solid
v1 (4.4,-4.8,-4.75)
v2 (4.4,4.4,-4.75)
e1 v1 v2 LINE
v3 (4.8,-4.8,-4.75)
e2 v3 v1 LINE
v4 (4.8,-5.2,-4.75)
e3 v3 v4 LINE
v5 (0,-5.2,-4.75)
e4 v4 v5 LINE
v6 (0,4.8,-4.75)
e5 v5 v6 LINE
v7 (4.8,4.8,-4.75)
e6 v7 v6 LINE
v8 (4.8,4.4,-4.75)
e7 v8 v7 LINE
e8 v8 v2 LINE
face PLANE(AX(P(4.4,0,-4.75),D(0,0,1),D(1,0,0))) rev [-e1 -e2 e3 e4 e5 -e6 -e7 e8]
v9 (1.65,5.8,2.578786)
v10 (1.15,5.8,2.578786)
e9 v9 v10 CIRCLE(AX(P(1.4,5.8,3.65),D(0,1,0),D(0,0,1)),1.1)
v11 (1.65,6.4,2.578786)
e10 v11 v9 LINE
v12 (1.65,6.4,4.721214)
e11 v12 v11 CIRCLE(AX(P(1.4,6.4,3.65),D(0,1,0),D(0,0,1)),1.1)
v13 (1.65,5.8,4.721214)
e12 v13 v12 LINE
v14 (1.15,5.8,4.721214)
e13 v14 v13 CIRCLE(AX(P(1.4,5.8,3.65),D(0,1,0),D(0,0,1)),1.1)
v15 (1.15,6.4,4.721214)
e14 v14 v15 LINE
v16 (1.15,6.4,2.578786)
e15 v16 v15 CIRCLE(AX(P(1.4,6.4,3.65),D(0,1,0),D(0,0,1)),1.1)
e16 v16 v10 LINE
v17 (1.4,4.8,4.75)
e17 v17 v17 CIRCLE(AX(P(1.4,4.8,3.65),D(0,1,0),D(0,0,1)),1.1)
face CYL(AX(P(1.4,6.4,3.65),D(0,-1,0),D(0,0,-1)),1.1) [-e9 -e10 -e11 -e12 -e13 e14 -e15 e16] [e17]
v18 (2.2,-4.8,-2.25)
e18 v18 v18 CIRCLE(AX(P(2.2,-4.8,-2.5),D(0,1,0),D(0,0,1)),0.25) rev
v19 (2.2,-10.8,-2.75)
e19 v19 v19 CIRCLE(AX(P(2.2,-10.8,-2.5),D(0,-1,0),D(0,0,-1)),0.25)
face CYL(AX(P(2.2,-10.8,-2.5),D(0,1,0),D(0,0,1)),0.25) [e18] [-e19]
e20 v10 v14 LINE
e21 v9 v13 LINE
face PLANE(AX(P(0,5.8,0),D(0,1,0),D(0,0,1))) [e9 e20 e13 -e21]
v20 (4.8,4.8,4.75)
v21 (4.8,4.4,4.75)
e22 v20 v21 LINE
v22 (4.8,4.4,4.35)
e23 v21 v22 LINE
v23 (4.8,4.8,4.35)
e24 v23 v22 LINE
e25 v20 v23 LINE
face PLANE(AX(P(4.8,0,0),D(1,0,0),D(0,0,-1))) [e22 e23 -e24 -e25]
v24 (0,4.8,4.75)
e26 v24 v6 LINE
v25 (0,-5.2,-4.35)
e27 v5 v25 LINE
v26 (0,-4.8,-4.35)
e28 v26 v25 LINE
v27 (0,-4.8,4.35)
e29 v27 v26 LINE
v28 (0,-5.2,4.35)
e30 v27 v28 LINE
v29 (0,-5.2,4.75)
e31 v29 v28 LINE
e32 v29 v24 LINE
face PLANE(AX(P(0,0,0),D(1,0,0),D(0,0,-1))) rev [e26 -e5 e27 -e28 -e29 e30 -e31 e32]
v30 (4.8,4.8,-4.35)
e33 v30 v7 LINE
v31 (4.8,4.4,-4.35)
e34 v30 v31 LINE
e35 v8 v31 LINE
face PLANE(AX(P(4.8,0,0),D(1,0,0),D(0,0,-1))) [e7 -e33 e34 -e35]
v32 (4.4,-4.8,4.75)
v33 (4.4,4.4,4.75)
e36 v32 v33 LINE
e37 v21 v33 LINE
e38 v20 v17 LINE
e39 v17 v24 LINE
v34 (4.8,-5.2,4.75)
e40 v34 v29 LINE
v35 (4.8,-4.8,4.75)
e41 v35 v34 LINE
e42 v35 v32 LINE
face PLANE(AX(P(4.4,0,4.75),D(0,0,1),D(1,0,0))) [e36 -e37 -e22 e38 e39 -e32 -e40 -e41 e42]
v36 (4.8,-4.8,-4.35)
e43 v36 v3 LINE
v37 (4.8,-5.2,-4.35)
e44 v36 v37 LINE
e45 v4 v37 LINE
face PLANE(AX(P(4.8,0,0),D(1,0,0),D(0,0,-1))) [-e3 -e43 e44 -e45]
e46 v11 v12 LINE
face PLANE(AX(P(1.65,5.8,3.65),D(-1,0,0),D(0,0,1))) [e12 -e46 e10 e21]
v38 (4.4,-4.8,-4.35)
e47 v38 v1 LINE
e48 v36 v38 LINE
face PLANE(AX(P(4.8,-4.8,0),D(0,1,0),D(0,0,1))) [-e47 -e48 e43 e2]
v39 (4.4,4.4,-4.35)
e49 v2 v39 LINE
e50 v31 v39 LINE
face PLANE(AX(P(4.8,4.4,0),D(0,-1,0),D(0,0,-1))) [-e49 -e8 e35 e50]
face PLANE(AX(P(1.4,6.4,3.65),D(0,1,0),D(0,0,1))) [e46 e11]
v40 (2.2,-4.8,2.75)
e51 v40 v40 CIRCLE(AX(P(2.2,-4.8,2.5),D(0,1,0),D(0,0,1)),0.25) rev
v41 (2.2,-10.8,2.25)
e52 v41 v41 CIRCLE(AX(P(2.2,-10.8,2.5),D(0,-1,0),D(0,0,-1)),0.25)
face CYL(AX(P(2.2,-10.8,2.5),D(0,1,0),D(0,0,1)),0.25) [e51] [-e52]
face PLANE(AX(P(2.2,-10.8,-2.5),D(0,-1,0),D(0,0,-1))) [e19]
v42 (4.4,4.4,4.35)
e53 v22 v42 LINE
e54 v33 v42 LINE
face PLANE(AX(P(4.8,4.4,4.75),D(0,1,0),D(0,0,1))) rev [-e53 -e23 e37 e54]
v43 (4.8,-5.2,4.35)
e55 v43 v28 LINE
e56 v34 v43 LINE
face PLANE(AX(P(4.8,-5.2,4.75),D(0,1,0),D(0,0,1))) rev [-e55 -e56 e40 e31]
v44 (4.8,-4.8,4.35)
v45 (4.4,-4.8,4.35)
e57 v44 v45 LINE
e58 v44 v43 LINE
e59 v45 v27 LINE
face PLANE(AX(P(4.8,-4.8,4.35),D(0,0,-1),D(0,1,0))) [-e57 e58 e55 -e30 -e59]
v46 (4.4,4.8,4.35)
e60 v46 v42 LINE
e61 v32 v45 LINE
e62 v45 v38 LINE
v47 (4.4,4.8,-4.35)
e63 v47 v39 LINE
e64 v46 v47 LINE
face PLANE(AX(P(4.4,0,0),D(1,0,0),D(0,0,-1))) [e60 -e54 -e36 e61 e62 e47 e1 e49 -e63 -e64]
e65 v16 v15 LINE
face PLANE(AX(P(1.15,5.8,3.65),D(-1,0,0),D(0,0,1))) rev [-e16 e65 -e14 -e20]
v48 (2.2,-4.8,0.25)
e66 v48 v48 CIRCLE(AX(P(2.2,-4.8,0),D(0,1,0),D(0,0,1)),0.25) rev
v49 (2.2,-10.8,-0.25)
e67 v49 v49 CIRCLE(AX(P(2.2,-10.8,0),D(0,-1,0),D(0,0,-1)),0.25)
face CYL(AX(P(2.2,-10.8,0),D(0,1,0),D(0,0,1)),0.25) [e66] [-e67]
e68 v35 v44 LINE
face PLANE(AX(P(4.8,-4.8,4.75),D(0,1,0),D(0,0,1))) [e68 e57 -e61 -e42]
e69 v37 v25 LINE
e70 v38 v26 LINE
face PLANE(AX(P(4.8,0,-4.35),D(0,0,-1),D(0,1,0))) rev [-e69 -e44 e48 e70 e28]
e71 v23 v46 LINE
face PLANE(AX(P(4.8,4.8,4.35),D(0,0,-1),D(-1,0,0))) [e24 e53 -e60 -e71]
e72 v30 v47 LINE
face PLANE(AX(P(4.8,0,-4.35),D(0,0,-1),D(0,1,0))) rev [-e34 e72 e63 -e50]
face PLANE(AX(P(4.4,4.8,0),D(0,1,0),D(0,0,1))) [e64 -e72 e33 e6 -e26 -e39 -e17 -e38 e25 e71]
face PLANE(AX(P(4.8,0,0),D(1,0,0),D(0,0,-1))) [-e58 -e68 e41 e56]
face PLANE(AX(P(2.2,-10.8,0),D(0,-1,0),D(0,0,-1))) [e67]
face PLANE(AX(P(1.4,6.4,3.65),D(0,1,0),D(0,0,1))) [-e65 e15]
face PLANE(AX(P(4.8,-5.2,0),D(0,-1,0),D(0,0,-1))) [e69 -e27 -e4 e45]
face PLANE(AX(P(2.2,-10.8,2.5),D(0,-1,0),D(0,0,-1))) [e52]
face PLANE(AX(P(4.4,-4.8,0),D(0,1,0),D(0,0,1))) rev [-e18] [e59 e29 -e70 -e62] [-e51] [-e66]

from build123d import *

# Parameters (mm, degrees)
EXTRUDE_1_DEPTH     = 4.4
SKETCH_1_4_W        = 0.4
SKETCH_1_4_H        = 0.4
EXTRUDE_2_DEPTH     = 4.8
SKETCH_2_R          = 1.1
EXTRUDE_3_DEPTH     = 1.6
CUT_EXTRUDE_START   = 1.6
SKETCH_2_5_W        = 0.5
SKETCH_2_5_H        = 2.2
CUT_EXTRUDE_2_DEPTH = 0.6
SKETCH_3_R          = 0.25
EXTRUDE_4_DEPTH     = 6


with BuildPart() as part:
    # 草图1 → 凸台-拉伸1 (new body)
    with BuildSketch(Plane(origin=(0, 0, 0), x_dir=(0, 0, -1), z_dir=(1, 0, 0))):
        Polygon((-4.75, 4.4), (-4.75, -4.8), (-4.35, -4.8), (4.35, -4.8), (4.75, -4.8), (4.75, 4.4), (4.35, 4.4), (4.35, 4.8), (-4.35, 4.8), (-4.35, 4.4), align=None)
    extrude(amount=EXTRUDE_1_DEPTH)

    # 草图1<4> → 凸台-拉伸2 (add)
    with BuildSketch(Plane(origin=(0, 0, 0), x_dir=(0, 0, -1), z_dir=(1, 0, 0))):
        with Locations((4.55, 4.6)):
            Rectangle(SKETCH_1_4_W, SKETCH_1_4_H)
        with Locations((4.55, -5)):
            Rectangle(SKETCH_1_4_W, SKETCH_1_4_H)
        with Locations((-4.55, 4.6)):
            Rectangle(SKETCH_1_4_W, SKETCH_1_4_H)
        with Locations((-4.55, -5)):
            Rectangle(SKETCH_1_4_W, SKETCH_1_4_H)
    extrude(amount=EXTRUDE_2_DEPTH)

    # 草图2 → 凸台-拉伸3 (add)
    with BuildSketch(Plane(origin=(0, 4.8, 0), x_dir=(1, 0, 0), z_dir=(0, 1, 0))):
        with Locations(Location((1.4, -3.65, 0), (0, 0, 270))):
            Circle(SKETCH_2_R)
    extrude(amount=EXTRUDE_3_DEPTH)

    # 草图2<5> → 切除-拉伸2 (cut)
    with BuildSketch(Plane(origin=(0, 4.8, 0), x_dir=(1, 0, 0), z_dir=(0, 1, 0)).offset(CUT_EXTRUDE_START)):
        with Locations((1.4, -3.65)):
            Rectangle(SKETCH_2_5_W, SKETCH_2_5_H)
    extrude(amount=-CUT_EXTRUDE_2_DEPTH, mode=Mode.SUBTRACT)

    # 草图3 → 凸台-拉伸4 (add)
    with BuildSketch(Plane.XZ.offset(4.8)):
        with Locations(Location((2.2, 0, 0), (0, 0, 90))):
            Circle(SKETCH_3_R)
        with Locations(Location((2.2, 2.5, 0), (0, 0, 90))):
            Circle(SKETCH_3_R)
        with Locations(Location((2.2, -2.5, 0), (0, 0, 90))):
            Circle(SKETCH_3_R)
    extrude(amount=EXTRUDE_4_DEPTH)


solid = part.part
